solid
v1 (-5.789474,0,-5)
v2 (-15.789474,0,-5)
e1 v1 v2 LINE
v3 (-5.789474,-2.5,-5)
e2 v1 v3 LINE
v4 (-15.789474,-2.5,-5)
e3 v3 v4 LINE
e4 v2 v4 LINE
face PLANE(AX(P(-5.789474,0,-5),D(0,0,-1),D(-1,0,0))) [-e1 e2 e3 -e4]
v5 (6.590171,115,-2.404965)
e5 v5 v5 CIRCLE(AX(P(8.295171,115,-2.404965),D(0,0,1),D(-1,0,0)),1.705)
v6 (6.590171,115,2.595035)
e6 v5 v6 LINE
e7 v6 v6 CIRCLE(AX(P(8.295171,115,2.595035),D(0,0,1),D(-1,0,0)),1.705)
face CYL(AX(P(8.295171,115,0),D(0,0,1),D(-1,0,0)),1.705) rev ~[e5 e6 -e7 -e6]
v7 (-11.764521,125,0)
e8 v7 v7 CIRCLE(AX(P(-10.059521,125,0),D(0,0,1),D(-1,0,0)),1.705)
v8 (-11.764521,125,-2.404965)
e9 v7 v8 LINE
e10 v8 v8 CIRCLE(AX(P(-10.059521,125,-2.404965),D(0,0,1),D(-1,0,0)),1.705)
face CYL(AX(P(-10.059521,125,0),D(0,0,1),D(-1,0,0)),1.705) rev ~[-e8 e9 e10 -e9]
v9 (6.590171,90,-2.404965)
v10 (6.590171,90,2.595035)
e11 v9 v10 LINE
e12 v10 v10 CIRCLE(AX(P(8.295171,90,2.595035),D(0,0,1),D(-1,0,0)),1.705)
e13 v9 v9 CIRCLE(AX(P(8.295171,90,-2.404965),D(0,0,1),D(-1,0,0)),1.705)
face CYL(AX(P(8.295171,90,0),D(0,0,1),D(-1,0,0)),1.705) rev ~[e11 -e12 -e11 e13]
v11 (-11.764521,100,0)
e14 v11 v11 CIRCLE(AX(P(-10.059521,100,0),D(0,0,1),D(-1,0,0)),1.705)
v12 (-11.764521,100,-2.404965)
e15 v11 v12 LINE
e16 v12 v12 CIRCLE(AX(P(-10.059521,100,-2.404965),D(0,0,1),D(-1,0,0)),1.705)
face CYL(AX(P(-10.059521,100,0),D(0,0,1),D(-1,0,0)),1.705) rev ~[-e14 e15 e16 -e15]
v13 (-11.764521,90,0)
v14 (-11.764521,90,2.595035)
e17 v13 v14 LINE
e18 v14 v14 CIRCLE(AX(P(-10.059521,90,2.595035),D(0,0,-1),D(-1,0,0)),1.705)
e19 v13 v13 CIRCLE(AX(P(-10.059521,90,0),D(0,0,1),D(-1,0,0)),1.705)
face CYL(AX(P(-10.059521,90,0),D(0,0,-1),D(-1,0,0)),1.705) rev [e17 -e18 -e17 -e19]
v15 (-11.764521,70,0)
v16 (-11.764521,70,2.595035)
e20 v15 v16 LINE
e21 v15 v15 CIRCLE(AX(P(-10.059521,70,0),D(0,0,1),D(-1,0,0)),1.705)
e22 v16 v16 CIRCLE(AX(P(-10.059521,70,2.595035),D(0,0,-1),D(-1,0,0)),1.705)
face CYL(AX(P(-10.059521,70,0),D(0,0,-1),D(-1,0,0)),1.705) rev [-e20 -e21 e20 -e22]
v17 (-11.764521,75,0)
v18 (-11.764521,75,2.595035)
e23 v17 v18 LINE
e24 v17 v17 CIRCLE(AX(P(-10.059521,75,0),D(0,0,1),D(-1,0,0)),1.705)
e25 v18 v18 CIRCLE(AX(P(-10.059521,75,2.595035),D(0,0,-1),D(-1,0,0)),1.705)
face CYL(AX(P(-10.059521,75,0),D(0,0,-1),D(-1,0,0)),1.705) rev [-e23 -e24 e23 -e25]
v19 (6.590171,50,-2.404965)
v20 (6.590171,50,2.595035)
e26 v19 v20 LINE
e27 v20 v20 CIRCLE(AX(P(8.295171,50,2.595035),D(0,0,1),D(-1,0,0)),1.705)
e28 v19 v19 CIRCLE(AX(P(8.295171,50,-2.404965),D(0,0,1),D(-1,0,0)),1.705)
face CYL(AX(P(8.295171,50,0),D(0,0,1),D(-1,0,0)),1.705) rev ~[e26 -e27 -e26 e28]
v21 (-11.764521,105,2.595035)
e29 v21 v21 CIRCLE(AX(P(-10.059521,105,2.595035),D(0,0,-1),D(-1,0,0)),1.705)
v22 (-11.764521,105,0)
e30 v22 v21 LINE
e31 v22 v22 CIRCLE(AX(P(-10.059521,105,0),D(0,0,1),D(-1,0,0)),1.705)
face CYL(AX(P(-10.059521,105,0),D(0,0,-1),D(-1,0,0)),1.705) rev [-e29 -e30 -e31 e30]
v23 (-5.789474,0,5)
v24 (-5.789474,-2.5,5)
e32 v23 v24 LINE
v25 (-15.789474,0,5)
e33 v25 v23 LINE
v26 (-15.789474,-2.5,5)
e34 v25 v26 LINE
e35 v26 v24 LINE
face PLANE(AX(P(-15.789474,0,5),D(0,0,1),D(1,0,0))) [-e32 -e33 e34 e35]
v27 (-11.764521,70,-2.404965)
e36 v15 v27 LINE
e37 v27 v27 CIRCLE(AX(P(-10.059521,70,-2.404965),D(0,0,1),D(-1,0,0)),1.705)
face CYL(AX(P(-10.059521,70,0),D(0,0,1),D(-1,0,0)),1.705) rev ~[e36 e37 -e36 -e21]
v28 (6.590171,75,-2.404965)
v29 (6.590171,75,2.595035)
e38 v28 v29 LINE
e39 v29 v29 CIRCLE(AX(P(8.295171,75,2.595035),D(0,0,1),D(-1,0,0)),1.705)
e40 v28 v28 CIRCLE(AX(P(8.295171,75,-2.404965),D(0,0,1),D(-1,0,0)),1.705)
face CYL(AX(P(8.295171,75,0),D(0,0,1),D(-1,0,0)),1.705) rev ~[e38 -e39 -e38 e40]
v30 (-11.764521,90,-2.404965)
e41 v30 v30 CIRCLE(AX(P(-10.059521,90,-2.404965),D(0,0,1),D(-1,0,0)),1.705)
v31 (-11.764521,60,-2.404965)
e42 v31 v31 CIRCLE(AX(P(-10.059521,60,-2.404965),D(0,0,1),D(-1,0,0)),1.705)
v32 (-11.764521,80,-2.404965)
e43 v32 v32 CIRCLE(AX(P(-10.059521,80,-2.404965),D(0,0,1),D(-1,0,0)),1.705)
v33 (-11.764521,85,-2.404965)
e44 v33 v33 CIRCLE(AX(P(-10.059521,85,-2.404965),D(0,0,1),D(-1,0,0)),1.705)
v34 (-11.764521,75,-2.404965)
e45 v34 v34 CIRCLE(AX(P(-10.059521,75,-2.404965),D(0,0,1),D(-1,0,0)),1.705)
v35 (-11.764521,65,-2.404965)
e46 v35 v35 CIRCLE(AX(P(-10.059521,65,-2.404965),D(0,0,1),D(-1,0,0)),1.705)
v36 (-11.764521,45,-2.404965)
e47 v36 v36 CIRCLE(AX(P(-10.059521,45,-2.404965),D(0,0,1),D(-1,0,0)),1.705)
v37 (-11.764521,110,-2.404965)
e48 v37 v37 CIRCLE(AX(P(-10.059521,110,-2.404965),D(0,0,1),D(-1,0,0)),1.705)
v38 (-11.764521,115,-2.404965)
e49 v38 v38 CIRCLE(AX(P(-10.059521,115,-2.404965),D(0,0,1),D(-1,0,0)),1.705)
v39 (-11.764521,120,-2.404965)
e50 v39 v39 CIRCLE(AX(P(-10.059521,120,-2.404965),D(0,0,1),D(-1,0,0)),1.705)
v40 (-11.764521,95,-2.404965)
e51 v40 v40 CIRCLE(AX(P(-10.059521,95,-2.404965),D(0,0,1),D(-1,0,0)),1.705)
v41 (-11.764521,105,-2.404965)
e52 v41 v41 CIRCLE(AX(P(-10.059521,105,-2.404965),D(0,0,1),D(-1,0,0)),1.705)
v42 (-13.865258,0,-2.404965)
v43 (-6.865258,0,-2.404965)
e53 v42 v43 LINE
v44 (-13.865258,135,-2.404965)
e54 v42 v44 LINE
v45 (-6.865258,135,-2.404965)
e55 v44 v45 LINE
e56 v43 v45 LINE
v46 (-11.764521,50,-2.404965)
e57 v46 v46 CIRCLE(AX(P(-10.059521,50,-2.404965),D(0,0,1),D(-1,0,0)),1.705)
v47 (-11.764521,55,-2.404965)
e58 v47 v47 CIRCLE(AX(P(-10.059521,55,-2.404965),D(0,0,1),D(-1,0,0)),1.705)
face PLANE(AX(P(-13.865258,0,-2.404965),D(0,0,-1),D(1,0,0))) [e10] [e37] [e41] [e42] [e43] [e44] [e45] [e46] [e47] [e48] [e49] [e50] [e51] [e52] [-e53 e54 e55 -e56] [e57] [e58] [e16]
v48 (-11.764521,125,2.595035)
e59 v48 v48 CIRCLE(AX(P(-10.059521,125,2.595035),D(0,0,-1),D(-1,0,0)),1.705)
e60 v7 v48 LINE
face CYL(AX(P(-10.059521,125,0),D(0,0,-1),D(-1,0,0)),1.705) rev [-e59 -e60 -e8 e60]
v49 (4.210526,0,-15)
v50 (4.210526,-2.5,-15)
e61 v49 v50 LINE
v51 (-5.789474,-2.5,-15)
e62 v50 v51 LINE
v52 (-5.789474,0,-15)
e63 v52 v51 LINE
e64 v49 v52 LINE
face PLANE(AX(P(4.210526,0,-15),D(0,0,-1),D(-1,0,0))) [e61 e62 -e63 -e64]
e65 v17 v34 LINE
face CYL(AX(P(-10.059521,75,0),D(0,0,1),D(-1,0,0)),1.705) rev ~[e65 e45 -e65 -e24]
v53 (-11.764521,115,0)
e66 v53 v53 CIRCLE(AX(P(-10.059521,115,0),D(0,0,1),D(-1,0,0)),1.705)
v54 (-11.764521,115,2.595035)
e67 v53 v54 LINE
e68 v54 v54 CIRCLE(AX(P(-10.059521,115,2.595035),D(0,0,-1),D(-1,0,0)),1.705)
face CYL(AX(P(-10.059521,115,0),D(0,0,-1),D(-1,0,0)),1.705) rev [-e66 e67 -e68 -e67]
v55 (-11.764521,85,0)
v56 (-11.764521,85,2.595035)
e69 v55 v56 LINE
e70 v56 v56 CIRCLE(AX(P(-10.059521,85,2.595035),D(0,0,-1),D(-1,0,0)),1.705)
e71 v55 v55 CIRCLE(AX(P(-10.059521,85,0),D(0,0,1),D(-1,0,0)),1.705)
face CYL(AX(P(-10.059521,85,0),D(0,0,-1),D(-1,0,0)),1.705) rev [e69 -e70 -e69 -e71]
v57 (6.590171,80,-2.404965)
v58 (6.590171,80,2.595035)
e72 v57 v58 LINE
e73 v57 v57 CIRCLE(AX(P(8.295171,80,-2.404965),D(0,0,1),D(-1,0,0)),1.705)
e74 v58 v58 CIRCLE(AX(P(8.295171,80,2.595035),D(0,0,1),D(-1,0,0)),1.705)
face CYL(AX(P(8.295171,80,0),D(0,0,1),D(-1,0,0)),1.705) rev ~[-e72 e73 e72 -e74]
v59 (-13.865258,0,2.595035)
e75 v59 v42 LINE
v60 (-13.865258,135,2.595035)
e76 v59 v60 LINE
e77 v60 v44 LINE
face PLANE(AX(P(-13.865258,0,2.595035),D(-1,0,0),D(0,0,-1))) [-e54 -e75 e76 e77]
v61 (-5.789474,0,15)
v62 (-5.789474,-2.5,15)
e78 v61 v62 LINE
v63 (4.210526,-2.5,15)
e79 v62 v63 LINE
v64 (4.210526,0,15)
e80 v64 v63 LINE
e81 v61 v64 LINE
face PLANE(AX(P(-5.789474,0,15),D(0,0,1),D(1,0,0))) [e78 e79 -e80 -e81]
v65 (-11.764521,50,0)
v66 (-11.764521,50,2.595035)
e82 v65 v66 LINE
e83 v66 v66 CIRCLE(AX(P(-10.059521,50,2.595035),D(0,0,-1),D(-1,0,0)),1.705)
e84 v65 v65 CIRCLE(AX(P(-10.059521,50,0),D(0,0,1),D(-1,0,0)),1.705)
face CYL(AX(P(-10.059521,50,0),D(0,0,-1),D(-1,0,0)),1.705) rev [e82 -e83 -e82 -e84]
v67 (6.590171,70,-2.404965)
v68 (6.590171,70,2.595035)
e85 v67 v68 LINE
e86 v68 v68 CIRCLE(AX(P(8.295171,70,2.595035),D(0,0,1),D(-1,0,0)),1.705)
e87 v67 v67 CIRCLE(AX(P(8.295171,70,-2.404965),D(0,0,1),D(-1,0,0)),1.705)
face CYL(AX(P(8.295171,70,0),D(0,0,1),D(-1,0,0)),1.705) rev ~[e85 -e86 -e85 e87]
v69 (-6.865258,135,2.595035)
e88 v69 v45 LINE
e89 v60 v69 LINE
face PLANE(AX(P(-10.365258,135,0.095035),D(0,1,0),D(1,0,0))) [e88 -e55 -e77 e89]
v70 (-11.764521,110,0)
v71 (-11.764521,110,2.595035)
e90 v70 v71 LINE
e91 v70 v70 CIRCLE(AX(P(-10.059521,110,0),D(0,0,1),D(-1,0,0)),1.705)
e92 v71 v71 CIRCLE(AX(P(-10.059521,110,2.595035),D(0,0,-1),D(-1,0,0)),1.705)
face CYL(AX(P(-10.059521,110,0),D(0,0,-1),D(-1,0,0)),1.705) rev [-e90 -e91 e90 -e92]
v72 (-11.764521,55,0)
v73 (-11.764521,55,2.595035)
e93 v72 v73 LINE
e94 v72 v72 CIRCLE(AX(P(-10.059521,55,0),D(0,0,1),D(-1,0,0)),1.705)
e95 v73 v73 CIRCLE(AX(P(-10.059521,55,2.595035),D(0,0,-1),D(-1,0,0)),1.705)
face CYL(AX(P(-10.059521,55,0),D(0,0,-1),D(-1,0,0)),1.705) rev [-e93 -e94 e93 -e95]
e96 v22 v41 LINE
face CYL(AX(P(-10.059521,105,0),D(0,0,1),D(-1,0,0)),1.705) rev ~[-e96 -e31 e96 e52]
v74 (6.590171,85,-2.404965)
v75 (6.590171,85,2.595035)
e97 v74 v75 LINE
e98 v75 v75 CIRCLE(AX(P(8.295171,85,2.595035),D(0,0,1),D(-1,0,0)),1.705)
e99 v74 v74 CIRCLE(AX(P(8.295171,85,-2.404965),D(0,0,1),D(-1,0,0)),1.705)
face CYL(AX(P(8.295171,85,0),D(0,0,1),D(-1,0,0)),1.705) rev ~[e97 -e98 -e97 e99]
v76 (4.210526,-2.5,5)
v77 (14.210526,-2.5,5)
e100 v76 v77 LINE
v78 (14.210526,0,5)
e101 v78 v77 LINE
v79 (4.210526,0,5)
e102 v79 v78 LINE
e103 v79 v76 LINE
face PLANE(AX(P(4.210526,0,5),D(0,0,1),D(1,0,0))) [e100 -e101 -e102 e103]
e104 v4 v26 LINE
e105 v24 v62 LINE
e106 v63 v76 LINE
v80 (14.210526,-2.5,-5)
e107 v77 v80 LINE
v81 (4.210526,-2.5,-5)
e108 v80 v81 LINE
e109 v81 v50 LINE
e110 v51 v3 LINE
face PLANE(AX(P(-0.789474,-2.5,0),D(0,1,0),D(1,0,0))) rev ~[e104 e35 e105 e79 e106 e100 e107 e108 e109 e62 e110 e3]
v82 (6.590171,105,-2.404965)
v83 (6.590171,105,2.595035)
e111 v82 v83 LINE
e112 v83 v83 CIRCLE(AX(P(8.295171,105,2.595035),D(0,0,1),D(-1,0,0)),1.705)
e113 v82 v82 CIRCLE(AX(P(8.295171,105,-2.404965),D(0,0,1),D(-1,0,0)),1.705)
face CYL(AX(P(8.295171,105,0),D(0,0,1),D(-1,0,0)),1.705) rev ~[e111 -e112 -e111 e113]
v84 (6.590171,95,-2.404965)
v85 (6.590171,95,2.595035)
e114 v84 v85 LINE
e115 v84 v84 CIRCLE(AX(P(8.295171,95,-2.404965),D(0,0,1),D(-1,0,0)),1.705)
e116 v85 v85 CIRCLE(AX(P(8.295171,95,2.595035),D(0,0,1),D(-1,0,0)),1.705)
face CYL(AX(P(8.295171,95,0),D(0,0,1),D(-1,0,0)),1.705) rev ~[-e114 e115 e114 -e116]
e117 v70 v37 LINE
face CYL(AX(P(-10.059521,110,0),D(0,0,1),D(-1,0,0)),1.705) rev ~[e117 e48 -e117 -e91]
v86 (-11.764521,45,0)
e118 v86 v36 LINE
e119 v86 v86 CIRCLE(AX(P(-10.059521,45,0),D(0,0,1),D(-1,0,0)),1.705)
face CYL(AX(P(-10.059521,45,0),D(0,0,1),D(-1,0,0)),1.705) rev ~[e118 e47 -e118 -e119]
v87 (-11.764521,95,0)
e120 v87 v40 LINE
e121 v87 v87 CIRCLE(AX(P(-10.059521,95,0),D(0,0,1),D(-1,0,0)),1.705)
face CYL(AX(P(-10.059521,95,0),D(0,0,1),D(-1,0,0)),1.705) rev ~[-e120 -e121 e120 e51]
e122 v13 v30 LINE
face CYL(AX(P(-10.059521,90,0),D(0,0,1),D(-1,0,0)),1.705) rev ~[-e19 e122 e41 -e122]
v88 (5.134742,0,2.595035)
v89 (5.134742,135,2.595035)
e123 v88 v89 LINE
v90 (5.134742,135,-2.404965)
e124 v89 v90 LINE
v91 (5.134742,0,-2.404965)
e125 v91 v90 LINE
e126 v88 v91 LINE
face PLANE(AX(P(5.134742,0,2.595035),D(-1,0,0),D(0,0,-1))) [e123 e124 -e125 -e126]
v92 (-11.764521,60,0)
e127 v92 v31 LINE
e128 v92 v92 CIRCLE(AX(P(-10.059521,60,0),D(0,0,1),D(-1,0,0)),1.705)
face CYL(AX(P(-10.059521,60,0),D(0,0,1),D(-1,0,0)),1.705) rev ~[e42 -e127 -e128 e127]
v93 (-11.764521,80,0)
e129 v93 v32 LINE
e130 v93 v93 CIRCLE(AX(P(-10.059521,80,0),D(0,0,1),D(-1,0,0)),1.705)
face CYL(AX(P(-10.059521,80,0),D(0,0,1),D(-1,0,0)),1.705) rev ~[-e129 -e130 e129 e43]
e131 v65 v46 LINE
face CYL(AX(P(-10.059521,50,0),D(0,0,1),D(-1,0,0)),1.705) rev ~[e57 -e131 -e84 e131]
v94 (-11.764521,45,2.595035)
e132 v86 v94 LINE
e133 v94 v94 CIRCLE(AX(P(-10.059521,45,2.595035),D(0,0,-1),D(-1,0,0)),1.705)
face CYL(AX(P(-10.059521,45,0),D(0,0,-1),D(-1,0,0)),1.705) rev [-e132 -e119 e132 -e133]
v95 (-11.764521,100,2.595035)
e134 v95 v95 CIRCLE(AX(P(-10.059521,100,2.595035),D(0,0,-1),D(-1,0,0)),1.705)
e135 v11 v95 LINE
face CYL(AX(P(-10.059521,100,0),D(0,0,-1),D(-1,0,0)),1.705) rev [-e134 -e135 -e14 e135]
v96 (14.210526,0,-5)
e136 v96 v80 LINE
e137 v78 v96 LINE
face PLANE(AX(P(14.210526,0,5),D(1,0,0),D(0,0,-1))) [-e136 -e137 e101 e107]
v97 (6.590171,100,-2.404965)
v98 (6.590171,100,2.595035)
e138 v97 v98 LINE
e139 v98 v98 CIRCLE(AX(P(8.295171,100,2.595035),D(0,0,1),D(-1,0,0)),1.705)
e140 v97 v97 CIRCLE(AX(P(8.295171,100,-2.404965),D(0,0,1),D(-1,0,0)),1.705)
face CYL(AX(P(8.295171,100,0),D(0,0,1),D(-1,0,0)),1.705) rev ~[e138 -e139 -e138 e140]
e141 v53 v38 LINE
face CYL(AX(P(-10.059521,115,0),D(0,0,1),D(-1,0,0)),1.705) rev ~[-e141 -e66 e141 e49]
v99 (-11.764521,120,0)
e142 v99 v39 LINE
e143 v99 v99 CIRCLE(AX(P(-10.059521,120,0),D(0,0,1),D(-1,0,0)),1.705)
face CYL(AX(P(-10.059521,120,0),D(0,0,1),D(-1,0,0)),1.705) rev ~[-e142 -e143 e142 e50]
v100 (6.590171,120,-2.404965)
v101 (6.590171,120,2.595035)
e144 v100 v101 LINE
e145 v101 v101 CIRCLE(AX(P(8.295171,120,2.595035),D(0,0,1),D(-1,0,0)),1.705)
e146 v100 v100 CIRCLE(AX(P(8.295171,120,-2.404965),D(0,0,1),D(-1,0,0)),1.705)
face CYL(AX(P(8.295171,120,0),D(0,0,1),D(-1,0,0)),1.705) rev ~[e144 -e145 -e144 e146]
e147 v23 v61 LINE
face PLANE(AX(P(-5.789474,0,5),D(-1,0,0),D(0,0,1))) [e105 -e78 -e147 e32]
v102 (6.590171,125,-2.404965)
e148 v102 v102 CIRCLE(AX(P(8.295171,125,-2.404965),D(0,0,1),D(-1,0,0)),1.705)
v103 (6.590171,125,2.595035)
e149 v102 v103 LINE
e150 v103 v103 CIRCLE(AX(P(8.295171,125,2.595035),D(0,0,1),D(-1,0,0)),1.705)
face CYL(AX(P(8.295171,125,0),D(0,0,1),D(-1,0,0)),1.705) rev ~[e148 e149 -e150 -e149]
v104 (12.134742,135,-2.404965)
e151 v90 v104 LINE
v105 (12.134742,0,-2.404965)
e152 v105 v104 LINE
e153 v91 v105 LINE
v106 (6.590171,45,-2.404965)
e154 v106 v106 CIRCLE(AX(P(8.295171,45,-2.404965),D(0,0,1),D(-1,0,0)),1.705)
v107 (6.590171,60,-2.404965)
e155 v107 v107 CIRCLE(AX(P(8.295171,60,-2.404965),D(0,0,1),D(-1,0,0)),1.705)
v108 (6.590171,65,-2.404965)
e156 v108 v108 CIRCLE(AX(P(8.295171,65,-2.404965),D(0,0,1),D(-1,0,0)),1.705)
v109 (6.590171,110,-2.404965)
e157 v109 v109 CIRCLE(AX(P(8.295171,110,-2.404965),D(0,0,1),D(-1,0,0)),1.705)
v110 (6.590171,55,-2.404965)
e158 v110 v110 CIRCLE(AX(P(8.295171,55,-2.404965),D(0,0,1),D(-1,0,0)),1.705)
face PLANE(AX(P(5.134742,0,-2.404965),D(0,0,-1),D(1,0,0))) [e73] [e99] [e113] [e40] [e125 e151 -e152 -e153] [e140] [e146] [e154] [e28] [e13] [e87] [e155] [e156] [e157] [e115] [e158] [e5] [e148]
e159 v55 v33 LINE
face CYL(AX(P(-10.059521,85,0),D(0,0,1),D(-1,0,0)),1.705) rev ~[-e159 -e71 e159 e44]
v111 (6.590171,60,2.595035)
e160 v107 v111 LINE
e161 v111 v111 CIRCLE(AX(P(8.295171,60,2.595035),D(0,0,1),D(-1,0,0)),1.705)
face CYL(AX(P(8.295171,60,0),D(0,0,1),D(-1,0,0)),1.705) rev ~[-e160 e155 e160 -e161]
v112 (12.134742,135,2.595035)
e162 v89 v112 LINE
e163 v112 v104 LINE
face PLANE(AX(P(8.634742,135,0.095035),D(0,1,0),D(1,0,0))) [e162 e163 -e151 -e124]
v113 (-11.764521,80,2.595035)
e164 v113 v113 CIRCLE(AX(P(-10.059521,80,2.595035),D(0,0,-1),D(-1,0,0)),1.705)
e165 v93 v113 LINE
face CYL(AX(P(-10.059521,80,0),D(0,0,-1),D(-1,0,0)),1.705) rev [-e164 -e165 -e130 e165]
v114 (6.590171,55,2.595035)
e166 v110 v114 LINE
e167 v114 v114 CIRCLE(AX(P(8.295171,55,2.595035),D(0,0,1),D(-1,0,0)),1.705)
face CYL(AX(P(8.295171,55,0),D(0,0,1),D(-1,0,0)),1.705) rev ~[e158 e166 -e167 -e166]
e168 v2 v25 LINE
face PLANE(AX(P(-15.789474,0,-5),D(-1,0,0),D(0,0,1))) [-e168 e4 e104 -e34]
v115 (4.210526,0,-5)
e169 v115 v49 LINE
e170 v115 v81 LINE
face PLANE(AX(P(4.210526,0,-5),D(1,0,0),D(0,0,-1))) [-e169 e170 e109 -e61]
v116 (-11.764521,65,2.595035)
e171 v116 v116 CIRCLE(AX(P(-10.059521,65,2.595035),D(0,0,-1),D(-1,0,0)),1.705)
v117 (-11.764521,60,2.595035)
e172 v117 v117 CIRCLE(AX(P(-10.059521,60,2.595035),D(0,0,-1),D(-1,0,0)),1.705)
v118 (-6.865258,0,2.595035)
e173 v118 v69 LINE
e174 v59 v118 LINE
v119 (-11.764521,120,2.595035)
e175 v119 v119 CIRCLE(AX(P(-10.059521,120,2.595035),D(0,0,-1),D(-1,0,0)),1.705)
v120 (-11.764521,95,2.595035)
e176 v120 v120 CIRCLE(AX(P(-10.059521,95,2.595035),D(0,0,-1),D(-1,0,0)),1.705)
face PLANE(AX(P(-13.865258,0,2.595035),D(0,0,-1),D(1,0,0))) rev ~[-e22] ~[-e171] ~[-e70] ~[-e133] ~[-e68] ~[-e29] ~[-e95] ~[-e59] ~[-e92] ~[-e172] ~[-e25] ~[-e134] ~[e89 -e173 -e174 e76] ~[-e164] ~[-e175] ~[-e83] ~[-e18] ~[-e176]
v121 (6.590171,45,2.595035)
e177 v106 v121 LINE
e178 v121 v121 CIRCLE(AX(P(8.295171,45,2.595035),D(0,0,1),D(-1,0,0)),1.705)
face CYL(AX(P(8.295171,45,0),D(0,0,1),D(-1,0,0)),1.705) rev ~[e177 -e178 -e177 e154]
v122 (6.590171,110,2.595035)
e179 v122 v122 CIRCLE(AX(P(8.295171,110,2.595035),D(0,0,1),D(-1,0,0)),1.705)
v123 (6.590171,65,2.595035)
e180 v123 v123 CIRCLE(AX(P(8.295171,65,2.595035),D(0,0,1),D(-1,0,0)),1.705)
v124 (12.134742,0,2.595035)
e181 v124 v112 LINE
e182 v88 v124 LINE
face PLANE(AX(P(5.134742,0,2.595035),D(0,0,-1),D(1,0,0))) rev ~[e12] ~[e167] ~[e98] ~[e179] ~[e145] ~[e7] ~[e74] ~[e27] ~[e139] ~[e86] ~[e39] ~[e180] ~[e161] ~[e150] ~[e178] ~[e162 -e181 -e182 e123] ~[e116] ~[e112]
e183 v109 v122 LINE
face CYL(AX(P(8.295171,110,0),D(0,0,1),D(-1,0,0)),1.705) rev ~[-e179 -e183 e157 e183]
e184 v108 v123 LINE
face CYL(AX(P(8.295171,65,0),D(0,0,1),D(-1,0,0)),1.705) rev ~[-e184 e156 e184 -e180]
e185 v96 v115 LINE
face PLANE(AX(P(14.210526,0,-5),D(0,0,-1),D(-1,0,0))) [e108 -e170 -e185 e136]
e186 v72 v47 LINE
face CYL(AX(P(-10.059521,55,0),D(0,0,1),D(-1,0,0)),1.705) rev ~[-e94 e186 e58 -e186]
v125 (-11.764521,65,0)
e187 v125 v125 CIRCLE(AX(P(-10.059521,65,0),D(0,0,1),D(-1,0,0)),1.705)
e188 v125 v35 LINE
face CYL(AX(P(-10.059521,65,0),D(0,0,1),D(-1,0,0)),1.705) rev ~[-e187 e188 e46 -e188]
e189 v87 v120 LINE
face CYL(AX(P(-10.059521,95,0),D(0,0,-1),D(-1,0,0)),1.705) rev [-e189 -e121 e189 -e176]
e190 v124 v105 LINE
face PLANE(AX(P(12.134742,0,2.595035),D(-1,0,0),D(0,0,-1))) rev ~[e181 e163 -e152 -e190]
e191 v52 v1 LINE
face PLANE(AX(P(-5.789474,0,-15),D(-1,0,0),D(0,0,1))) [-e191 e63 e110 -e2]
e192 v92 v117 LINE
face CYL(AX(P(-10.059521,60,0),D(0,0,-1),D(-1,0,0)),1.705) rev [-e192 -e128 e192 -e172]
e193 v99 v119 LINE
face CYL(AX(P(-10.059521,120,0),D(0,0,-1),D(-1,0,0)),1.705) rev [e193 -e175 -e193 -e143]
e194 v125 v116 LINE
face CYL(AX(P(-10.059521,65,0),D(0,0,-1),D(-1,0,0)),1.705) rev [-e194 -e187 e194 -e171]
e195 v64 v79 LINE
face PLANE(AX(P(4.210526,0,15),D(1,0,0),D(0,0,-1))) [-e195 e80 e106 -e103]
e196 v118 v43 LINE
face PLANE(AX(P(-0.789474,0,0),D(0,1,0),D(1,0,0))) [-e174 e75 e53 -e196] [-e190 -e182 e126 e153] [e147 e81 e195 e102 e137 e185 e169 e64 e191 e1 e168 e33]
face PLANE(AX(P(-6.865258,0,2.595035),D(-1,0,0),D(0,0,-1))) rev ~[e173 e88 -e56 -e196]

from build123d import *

# Parameters (mm, degrees)
BOSS_EXTRUDE1_DEPTH = 2.5
SKETCH3_W           = 7
SKETCH3_H           = 5
BOSS_EXTRUDE2_DEPTH = 135
SKETCH4_R           = 1.705
CUT_EXTRUDE1_DEPTH  = 5
LPATTERN1_COUNT     = 17
LPATTERN1_PITCH     = 5


with BuildPart() as part:
    # Sketch1 → Boss-Extrude1 (new body)
    with BuildSketch(Plane(origin=(0, 0, 0), x_dir=(1, 0, 0), z_dir=(0, 1, 0))):
        Polygon((4.210526316, 15), (-5.789473684, 15), (-5.789473684, 5), (-15.789473684, 5), (-15.789473684, -5), (-5.789473684, -5), (-5.789473684, -15), (4.210526316, -15), (4.210526316, -5), (14.210526316, -5), (14.210526316, 5), (4.210526316, 5), align=None)
    extrude(amount=-BOSS_EXTRUDE1_DEPTH)

    # Sketch3 → Boss-Extrude2 (add)
    with BuildSketch(Plane(origin=(0, 0, 0), x_dir=(1, 0, 0), z_dir=(0, 1, 0))):
        with Locations((-10.365258463, -0.095034863)):
            Rectangle(SKETCH3_W, SKETCH3_H)
        with Locations((8.634741537, -0.095034863)):
            Rectangle(SKETCH3_W, SKETCH3_H)
    extrude(amount=BOSS_EXTRUDE2_DEPTH)

    # Sketch4 → Cut-Extrude1 (cut, symmetric)
    with BuildSketch(Plane.XY):
        with Locations(Location((-10.0595209, 125, 0), (0, 0, 180))):
            Circle(SKETCH4_R)
        with Locations(Location((8.29517143, 125, 0), (0, 0, 180))):
            Circle(SKETCH4_R)
    cut_extrude1 = extrude(amount=CUT_EXTRUDE1_DEPTH, both=True, mode=Mode.SUBTRACT)

    # LPattern1: Cut-Extrude1 ×17
    with Locations(*[(0, -i * LPATTERN1_PITCH, 0) for i in range(1, LPATTERN1_COUNT)]):
        add(cut_extrude1, mode=Mode.SUBTRACT)


solid = part.part
